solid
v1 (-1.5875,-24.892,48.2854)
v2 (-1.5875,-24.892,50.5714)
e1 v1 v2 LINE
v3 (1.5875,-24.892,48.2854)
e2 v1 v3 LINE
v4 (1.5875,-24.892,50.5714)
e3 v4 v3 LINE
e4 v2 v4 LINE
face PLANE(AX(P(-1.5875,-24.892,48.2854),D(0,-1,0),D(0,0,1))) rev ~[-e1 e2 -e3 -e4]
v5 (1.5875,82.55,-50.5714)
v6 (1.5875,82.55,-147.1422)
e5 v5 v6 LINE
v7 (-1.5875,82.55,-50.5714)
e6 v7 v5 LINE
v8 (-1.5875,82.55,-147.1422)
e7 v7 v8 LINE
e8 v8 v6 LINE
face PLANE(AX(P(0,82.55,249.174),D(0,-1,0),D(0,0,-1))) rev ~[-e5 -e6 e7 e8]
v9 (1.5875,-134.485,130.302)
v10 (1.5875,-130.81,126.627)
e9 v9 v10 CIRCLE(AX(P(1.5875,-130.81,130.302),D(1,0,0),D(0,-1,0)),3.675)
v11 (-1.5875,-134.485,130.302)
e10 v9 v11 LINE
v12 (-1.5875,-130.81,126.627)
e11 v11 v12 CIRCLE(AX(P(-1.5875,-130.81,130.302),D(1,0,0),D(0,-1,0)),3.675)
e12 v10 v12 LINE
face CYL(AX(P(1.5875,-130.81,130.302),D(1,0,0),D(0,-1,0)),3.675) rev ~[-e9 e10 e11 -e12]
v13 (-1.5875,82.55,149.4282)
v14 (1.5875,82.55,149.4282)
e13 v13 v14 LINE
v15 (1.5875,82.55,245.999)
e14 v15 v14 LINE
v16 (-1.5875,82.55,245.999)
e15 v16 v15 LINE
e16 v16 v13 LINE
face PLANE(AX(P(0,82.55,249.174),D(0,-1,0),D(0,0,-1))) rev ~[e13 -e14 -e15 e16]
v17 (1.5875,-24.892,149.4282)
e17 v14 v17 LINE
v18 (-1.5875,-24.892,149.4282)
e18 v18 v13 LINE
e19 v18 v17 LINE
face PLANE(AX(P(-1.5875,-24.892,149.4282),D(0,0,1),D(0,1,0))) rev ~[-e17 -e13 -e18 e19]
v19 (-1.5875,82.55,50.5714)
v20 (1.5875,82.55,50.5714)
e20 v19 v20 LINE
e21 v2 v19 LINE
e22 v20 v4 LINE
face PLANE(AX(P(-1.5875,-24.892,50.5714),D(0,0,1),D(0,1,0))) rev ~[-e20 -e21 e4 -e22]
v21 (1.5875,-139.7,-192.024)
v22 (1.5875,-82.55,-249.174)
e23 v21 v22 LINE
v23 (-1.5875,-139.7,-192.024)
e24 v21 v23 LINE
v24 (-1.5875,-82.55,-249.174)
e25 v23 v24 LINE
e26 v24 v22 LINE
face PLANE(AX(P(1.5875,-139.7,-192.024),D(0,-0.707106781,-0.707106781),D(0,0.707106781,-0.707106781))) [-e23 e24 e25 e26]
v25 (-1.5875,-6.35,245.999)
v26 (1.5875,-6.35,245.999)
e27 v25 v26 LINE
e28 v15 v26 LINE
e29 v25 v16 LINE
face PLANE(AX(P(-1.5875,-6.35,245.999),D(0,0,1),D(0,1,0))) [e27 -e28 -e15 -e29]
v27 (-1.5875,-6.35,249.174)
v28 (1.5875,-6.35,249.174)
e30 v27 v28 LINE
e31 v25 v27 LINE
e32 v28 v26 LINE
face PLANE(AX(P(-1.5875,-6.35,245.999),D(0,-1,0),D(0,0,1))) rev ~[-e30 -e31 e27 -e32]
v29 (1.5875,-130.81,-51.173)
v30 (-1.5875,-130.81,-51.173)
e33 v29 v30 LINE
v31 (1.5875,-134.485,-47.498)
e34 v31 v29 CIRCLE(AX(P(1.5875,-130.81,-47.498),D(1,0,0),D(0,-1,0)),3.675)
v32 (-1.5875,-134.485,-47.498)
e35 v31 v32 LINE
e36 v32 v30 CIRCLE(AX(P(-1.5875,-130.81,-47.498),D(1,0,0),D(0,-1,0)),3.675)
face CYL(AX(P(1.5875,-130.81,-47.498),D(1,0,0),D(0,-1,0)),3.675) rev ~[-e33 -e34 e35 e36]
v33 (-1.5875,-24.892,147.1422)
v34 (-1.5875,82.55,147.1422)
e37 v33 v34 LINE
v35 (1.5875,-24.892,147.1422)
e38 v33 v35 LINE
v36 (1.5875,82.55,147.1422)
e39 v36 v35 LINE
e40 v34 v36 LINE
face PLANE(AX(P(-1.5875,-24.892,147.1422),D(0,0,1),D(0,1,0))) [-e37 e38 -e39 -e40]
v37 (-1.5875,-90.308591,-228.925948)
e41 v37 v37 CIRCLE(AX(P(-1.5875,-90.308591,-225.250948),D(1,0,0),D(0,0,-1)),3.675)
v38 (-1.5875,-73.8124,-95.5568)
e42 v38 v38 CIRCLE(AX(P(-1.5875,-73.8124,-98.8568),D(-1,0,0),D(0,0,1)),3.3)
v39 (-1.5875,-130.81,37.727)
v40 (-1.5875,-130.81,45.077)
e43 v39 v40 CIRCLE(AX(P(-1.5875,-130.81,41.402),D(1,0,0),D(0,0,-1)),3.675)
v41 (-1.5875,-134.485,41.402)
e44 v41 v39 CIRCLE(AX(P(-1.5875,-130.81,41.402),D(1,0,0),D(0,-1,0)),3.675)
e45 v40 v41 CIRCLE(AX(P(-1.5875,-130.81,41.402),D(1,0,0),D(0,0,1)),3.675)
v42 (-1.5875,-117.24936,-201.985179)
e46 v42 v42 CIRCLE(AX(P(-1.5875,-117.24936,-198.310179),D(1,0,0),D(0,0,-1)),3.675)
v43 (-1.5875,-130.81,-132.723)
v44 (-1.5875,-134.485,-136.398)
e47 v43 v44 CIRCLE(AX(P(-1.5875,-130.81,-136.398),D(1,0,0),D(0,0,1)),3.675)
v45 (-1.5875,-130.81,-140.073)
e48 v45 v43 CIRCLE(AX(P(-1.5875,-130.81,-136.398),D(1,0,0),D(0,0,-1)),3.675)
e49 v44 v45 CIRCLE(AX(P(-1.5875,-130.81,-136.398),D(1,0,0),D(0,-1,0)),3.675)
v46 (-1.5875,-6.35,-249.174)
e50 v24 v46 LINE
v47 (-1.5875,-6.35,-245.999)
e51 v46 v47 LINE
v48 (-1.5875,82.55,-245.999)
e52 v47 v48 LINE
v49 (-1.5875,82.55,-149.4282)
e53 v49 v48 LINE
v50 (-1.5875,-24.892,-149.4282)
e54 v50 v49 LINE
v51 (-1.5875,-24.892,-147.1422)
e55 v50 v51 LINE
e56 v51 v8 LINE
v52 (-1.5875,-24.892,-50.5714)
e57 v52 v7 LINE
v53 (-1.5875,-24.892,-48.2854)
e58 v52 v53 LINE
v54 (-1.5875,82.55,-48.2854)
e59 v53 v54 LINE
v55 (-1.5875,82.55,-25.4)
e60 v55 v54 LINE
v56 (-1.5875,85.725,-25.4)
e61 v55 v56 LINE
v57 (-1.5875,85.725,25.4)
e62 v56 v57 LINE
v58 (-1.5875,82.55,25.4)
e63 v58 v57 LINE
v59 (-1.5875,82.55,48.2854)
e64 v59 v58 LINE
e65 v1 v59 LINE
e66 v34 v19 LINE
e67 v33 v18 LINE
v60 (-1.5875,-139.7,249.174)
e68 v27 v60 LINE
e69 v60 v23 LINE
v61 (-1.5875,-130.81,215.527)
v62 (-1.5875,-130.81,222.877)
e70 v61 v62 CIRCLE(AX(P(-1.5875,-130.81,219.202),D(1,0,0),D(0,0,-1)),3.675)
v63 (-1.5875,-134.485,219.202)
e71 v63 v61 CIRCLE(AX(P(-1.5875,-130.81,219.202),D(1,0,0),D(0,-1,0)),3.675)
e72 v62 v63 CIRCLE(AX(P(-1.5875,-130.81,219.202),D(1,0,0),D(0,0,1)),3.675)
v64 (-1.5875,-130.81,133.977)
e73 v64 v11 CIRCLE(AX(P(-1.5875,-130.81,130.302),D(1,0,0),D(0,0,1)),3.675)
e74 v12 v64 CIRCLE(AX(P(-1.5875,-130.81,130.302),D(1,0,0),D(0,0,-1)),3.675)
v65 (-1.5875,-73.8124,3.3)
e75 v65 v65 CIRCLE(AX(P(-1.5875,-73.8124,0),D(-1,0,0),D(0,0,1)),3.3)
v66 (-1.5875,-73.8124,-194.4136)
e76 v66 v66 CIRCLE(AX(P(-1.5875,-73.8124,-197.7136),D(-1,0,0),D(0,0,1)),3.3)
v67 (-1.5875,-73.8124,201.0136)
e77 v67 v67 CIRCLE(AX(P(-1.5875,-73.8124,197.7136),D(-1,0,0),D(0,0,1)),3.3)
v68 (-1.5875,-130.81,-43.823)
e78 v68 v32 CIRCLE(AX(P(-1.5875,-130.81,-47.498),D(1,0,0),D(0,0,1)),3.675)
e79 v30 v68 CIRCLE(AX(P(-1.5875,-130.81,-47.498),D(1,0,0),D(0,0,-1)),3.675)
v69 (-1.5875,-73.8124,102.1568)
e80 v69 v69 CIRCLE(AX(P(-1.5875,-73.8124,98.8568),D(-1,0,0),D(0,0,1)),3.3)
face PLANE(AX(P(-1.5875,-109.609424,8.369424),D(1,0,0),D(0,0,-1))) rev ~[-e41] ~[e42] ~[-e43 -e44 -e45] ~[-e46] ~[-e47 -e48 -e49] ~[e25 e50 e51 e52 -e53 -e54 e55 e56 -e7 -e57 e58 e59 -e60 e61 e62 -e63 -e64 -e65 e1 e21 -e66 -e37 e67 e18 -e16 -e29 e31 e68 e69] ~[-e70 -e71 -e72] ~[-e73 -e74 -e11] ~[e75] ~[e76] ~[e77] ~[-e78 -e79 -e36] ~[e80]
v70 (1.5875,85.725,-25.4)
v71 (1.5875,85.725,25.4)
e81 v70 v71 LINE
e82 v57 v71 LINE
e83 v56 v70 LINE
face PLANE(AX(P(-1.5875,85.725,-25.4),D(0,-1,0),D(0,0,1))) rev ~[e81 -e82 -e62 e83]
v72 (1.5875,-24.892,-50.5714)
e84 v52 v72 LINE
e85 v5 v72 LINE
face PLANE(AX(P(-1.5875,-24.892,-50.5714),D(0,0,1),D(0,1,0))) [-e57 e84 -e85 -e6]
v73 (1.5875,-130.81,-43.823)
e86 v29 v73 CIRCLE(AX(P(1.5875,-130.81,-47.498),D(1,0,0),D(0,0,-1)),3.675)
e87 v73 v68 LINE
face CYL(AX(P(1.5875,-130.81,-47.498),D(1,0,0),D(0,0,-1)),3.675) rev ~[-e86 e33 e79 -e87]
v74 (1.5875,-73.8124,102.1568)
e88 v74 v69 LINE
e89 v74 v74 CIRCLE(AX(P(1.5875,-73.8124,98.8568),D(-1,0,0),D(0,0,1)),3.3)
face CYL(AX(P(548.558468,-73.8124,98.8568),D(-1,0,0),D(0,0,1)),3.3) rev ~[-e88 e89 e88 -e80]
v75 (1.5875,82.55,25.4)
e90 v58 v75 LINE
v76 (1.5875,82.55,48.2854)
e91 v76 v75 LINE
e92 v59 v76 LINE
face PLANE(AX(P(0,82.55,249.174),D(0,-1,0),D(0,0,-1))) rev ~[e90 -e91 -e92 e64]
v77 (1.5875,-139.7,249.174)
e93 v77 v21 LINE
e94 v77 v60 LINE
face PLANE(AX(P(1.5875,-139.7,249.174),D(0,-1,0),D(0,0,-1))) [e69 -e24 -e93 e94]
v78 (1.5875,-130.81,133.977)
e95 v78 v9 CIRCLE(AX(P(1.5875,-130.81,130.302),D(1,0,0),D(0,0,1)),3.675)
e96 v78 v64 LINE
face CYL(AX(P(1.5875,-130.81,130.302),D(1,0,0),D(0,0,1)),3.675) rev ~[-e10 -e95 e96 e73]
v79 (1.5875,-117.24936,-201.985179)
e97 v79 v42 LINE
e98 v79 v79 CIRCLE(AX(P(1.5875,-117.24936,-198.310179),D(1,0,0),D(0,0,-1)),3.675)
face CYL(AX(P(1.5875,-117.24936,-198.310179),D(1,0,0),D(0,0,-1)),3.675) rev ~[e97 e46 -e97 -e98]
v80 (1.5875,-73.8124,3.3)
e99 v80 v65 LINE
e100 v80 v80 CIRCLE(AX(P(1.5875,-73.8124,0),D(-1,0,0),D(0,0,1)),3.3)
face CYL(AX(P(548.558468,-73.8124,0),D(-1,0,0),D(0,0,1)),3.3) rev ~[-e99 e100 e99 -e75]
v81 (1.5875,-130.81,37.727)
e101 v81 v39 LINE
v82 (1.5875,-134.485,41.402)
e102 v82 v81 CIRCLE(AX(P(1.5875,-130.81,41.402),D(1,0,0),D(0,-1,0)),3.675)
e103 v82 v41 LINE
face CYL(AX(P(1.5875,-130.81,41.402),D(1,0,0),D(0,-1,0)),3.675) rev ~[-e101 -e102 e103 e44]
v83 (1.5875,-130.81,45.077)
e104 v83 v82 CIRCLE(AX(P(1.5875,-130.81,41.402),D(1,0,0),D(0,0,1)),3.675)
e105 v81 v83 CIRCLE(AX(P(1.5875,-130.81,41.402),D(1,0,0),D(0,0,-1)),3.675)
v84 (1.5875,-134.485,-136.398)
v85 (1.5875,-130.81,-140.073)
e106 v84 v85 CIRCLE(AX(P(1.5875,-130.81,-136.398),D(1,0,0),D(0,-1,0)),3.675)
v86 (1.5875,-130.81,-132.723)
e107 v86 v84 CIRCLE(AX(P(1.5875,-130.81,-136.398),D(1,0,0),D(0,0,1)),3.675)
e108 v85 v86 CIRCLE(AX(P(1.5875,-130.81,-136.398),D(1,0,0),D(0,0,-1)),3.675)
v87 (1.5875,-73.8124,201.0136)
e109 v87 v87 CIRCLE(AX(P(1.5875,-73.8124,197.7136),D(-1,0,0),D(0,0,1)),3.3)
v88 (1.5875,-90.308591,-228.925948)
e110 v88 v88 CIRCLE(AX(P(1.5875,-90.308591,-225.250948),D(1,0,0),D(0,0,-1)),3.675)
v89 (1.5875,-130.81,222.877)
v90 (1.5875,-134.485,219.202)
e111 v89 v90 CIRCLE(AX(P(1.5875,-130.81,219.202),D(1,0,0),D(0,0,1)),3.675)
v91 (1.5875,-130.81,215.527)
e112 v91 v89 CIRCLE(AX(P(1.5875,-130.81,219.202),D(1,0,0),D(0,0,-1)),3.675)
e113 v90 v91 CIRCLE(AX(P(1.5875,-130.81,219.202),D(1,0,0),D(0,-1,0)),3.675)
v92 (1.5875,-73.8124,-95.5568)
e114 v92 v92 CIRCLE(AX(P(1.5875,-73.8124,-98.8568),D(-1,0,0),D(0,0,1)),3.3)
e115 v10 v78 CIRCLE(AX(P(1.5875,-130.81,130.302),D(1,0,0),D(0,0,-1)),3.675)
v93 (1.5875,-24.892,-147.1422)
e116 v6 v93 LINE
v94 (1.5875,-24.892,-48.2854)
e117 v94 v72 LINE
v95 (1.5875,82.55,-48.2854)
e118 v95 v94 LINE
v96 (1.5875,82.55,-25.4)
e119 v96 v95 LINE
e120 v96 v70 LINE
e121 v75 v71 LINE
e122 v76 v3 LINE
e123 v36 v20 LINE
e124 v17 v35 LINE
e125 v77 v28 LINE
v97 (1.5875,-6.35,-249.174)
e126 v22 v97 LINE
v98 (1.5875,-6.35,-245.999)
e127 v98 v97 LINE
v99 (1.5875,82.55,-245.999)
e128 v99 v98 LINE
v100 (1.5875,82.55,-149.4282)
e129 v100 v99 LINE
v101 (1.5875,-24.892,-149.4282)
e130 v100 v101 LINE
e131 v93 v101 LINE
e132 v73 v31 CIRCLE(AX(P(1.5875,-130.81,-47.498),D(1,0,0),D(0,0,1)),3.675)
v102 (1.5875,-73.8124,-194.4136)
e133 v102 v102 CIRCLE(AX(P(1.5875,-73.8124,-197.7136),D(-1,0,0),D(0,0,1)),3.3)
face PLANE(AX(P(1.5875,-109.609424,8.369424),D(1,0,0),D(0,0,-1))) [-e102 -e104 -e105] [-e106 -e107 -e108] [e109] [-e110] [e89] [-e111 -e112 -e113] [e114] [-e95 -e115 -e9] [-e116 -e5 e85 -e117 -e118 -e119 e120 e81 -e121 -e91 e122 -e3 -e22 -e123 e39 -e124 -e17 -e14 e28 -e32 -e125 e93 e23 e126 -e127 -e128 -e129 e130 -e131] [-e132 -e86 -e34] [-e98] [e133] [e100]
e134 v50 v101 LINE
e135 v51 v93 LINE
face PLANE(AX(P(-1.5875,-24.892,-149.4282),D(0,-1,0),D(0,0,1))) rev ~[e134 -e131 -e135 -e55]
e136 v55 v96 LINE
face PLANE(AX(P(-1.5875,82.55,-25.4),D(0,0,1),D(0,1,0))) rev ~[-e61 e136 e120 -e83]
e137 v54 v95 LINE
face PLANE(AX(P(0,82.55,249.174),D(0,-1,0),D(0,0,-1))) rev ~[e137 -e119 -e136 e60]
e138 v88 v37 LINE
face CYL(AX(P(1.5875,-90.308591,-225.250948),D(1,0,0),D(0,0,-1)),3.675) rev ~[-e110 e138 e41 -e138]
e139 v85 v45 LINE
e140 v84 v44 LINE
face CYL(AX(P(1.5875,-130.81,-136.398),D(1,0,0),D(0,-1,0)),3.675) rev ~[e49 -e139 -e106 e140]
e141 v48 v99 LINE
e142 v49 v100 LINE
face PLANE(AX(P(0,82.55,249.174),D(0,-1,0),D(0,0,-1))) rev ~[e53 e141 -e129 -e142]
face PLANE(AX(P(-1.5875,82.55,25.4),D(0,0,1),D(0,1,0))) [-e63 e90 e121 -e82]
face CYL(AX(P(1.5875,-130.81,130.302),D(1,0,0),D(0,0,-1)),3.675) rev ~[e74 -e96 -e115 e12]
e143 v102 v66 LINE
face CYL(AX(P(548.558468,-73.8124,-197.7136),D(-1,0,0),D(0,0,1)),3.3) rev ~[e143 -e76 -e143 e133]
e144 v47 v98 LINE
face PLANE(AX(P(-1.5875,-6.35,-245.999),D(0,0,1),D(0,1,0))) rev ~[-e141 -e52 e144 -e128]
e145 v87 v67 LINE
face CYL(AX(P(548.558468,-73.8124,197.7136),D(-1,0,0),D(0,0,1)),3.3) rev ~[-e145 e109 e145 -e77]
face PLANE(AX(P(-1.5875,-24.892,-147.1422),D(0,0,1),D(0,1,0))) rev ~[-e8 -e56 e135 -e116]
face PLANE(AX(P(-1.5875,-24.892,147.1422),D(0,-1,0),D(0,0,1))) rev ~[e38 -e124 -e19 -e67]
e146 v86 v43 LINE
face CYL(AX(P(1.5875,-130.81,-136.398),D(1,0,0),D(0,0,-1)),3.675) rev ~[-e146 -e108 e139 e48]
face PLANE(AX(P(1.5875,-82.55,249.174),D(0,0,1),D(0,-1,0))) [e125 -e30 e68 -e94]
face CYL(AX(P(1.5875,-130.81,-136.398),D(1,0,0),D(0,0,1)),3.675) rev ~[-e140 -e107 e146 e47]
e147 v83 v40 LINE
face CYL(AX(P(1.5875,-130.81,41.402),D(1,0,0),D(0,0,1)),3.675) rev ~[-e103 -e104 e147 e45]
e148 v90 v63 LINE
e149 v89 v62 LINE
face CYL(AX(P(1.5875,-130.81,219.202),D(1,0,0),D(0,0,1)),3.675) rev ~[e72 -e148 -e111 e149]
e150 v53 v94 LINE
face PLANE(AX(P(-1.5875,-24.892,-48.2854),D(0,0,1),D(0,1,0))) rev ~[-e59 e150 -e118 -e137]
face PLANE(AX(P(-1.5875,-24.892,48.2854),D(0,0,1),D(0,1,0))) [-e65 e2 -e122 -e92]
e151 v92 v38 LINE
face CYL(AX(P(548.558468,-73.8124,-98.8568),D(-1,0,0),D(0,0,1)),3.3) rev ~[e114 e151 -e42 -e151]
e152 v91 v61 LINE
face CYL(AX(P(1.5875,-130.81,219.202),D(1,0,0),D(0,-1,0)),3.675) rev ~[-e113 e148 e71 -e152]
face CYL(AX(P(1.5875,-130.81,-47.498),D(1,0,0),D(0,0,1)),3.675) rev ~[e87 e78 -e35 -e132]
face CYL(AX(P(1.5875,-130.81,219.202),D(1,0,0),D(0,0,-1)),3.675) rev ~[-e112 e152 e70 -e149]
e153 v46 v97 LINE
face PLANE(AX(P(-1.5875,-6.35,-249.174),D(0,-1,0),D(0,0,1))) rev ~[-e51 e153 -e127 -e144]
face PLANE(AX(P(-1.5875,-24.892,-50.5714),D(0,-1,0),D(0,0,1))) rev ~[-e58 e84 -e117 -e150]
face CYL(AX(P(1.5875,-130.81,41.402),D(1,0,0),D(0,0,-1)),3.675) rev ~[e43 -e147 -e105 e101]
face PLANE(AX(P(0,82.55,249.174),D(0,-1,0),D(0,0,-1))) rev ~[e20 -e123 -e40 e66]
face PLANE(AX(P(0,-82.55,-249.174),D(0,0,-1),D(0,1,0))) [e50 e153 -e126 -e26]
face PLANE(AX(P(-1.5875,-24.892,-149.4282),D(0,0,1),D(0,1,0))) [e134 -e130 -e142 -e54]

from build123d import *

# Parameters (mm, degrees)
SKETCH1_W            = 498.348
SKETCH1_H            = 165.1
BOSS_EXTRUDE1_DEPTH  = 1.5875
BOSS_EXTRUDE2_DEPTH  = 3.175
CUT_EXTRUDE1_DEPTH   = 3.175
LPATTERN1_COUNT      = 5
LPATTERN1_PITCH      = 88.9
SKETCH4_R            = 3.675
CUT_EXTRUDE2_DEPTH   = 4.175
LPATTERN2_COUNT      = 2
LPATTERN2_PITCH      = 38.1
SKETCH5_W            = 3.175
SKETCH5_H            = 88.9
CUT_EXTRUDE3_DEPTH   = 4.175
SKETCH6_W            = 2.286
SKETCH6_H            = 107.442
CUT_EXTRUDE4_DEPTH   = 4.175
LPATTERN3_COUNT      = 4
LPATTERN3_PITCH      = 98.8568
SKETCH7_W            = 50.8
SKETCH7_H            = 3.175
BOSS_EXTRUDE3_DEPTH  = 3.175
M6_CLEARANCE_HOLE1_D = 6.6
LPATTERN4_COUNT      = 3
LPATTERN4_PITCH      = 98.8568
LPATTERN4_COL_COUNT  = 3
LPATTERN4_COL_PITCH  = 98.8568


with BuildPart() as part:
    # Sketch1 → Boss-Extrude1 (new body, symmetric)
    with BuildSketch(Plane(origin=(0, 0, 0), x_dir=(0, 0, -1), z_dir=(1, 0, 0))):
        Rectangle(SKETCH1_W, SKETCH1_H)
    extrude(amount=BOSS_EXTRUDE1_DEPTH, both=True)

    # Sketch2 → Boss-Extrude2 (add)
    with BuildSketch(Plane(origin=(1.5875, 0, 0), x_dir=(0, 0, -1), z_dir=(1, 0, 0))):
        Polygon((-249.174, -139.7), (192.024, -139.7), (249.174, -82.55), (-249.174, -82.55), align=None)
    extrude(amount=-BOSS_EXTRUDE2_DEPTH)

    # Sketch3 → Cut-Extrude1 (cut)
    with BuildSketch(Plane(origin=(1.5875, 0, 0), x_dir=(0, 0, -1), z_dir=(1, 0, 0))):
        with BuildLine():
            ThreePointArc((-222.877, -130.81), (-221.800617421, -133.408617421), (-219.202, -134.485))
            Line((-219.202, -134.485), (-219.202, -130.81))
            Line((-219.202, -130.81), (-222.877, -130.81))
        make_face()
        with BuildLine():
            Line((-219.202, -130.81), (-219.202, -134.485))
            ThreePointArc((-219.202, -134.485), (-216.603382579, -133.408617421), (-215.527, -130.81))
            ThreePointArc((-215.527, -130.81), (-219.202, -127.135), (-222.877, -130.81))
            Line((-222.877, -130.81), (-219.202, -130.81))
        make_face()
    cut_extrude1 = extrude(amount=-CUT_EXTRUDE1_DEPTH, mode=Mode.SUBTRACT)

    # LPattern1: Cut-Extrude1 ×5
    with Locations(*[(0, 0, -i * LPATTERN1_PITCH) for i in range(1, LPATTERN1_COUNT)]):
        add(cut_extrude1, mode=Mode.SUBTRACT)

    # Sketch4 → Cut-Extrude2 (cut, through all)
    with BuildSketch(Plane(origin=(1.5875, 0, 0), x_dir=(0, 0, -1), z_dir=(1, 0, 0))):
        with Locations((198.310179285, -117.249359697)):
            Circle(SKETCH4_R)
    cut_extrude2 = extrude(amount=-CUT_EXTRUDE2_DEPTH, mode=Mode.SUBTRACT)

    # LPattern2: Cut-Extrude2 ×2
    with Locations(*[Vector(0, 0.707106781, -0.707106781) * (i * LPATTERN2_PITCH) for i in range(1, LPATTERN2_COUNT)]):
        add(cut_extrude2, mode=Mode.SUBTRACT)

    # Sketch5 → Cut-Extrude3 (cut, through all)
    with BuildSketch(Plane.ZY.offset(1.5875)):
        with Locations((-247.5865, 38.1)):
            Rectangle(SKETCH5_W, SKETCH5_H)
        with Locations((247.5865, 38.1)):
            Rectangle(SKETCH5_W, SKETCH5_H)
    extrude(amount=-CUT_EXTRUDE3_DEPTH, mode=Mode.SUBTRACT)

    # Sketch6 → Cut-Extrude4 (cut, through all)
    with BuildSketch(Plane.ZY.offset(1.5875)):
        with Locations((-148.2852, 28.829)):
            Rectangle(SKETCH6_W, SKETCH6_H)
    cut_extrude4 = extrude(amount=-CUT_EXTRUDE4_DEPTH, mode=Mode.SUBTRACT)

    # LPattern3: Cut-Extrude4 ×4
    with Locations(*[(0, 0, i * LPATTERN3_PITCH) for i in range(1, LPATTERN3_COUNT)]):
        add(cut_extrude4, mode=Mode.SUBTRACT)

    # Sketch7 → Boss-Extrude3 (add)
    with BuildSketch(Plane.ZY.offset(1.5875)):
        with Locations((0, 84.1375)):
            Rectangle(SKETCH7_W, SKETCH7_H)
    extrude(amount=-BOSS_EXTRUDE3_DEPTH)

    # M6 Clearance Hole1 (through all)
    with Locations(Plane(origin=(1.5875, 0, 0), x_dir=(0, 0, -1), z_dir=(1, 0, 0))):
        with Locations((0, -73.8124)):
            m6_clearance_hole1 = Hole(M6_CLEARANCE_HOLE1_D / 2)

    # LPattern4: M6 Clearance Hole1 ×3
    with Locations(*[(0, 0, i * LPATTERN4_PITCH) for i in range(1, LPATTERN4_COUNT)]):
        add(m6_clearance_hole1, mode=Mode.SUBTRACT)

    # LPattern4 col: M6 Clearance Hole1 ×3
    with Locations(*[(0, 0, -i * LPATTERN4_COL_PITCH) for i in range(1, LPATTERN4_COL_COUNT)]):
        add(m6_clearance_hole1, mode=Mode.SUBTRACT)


solid = part.part
